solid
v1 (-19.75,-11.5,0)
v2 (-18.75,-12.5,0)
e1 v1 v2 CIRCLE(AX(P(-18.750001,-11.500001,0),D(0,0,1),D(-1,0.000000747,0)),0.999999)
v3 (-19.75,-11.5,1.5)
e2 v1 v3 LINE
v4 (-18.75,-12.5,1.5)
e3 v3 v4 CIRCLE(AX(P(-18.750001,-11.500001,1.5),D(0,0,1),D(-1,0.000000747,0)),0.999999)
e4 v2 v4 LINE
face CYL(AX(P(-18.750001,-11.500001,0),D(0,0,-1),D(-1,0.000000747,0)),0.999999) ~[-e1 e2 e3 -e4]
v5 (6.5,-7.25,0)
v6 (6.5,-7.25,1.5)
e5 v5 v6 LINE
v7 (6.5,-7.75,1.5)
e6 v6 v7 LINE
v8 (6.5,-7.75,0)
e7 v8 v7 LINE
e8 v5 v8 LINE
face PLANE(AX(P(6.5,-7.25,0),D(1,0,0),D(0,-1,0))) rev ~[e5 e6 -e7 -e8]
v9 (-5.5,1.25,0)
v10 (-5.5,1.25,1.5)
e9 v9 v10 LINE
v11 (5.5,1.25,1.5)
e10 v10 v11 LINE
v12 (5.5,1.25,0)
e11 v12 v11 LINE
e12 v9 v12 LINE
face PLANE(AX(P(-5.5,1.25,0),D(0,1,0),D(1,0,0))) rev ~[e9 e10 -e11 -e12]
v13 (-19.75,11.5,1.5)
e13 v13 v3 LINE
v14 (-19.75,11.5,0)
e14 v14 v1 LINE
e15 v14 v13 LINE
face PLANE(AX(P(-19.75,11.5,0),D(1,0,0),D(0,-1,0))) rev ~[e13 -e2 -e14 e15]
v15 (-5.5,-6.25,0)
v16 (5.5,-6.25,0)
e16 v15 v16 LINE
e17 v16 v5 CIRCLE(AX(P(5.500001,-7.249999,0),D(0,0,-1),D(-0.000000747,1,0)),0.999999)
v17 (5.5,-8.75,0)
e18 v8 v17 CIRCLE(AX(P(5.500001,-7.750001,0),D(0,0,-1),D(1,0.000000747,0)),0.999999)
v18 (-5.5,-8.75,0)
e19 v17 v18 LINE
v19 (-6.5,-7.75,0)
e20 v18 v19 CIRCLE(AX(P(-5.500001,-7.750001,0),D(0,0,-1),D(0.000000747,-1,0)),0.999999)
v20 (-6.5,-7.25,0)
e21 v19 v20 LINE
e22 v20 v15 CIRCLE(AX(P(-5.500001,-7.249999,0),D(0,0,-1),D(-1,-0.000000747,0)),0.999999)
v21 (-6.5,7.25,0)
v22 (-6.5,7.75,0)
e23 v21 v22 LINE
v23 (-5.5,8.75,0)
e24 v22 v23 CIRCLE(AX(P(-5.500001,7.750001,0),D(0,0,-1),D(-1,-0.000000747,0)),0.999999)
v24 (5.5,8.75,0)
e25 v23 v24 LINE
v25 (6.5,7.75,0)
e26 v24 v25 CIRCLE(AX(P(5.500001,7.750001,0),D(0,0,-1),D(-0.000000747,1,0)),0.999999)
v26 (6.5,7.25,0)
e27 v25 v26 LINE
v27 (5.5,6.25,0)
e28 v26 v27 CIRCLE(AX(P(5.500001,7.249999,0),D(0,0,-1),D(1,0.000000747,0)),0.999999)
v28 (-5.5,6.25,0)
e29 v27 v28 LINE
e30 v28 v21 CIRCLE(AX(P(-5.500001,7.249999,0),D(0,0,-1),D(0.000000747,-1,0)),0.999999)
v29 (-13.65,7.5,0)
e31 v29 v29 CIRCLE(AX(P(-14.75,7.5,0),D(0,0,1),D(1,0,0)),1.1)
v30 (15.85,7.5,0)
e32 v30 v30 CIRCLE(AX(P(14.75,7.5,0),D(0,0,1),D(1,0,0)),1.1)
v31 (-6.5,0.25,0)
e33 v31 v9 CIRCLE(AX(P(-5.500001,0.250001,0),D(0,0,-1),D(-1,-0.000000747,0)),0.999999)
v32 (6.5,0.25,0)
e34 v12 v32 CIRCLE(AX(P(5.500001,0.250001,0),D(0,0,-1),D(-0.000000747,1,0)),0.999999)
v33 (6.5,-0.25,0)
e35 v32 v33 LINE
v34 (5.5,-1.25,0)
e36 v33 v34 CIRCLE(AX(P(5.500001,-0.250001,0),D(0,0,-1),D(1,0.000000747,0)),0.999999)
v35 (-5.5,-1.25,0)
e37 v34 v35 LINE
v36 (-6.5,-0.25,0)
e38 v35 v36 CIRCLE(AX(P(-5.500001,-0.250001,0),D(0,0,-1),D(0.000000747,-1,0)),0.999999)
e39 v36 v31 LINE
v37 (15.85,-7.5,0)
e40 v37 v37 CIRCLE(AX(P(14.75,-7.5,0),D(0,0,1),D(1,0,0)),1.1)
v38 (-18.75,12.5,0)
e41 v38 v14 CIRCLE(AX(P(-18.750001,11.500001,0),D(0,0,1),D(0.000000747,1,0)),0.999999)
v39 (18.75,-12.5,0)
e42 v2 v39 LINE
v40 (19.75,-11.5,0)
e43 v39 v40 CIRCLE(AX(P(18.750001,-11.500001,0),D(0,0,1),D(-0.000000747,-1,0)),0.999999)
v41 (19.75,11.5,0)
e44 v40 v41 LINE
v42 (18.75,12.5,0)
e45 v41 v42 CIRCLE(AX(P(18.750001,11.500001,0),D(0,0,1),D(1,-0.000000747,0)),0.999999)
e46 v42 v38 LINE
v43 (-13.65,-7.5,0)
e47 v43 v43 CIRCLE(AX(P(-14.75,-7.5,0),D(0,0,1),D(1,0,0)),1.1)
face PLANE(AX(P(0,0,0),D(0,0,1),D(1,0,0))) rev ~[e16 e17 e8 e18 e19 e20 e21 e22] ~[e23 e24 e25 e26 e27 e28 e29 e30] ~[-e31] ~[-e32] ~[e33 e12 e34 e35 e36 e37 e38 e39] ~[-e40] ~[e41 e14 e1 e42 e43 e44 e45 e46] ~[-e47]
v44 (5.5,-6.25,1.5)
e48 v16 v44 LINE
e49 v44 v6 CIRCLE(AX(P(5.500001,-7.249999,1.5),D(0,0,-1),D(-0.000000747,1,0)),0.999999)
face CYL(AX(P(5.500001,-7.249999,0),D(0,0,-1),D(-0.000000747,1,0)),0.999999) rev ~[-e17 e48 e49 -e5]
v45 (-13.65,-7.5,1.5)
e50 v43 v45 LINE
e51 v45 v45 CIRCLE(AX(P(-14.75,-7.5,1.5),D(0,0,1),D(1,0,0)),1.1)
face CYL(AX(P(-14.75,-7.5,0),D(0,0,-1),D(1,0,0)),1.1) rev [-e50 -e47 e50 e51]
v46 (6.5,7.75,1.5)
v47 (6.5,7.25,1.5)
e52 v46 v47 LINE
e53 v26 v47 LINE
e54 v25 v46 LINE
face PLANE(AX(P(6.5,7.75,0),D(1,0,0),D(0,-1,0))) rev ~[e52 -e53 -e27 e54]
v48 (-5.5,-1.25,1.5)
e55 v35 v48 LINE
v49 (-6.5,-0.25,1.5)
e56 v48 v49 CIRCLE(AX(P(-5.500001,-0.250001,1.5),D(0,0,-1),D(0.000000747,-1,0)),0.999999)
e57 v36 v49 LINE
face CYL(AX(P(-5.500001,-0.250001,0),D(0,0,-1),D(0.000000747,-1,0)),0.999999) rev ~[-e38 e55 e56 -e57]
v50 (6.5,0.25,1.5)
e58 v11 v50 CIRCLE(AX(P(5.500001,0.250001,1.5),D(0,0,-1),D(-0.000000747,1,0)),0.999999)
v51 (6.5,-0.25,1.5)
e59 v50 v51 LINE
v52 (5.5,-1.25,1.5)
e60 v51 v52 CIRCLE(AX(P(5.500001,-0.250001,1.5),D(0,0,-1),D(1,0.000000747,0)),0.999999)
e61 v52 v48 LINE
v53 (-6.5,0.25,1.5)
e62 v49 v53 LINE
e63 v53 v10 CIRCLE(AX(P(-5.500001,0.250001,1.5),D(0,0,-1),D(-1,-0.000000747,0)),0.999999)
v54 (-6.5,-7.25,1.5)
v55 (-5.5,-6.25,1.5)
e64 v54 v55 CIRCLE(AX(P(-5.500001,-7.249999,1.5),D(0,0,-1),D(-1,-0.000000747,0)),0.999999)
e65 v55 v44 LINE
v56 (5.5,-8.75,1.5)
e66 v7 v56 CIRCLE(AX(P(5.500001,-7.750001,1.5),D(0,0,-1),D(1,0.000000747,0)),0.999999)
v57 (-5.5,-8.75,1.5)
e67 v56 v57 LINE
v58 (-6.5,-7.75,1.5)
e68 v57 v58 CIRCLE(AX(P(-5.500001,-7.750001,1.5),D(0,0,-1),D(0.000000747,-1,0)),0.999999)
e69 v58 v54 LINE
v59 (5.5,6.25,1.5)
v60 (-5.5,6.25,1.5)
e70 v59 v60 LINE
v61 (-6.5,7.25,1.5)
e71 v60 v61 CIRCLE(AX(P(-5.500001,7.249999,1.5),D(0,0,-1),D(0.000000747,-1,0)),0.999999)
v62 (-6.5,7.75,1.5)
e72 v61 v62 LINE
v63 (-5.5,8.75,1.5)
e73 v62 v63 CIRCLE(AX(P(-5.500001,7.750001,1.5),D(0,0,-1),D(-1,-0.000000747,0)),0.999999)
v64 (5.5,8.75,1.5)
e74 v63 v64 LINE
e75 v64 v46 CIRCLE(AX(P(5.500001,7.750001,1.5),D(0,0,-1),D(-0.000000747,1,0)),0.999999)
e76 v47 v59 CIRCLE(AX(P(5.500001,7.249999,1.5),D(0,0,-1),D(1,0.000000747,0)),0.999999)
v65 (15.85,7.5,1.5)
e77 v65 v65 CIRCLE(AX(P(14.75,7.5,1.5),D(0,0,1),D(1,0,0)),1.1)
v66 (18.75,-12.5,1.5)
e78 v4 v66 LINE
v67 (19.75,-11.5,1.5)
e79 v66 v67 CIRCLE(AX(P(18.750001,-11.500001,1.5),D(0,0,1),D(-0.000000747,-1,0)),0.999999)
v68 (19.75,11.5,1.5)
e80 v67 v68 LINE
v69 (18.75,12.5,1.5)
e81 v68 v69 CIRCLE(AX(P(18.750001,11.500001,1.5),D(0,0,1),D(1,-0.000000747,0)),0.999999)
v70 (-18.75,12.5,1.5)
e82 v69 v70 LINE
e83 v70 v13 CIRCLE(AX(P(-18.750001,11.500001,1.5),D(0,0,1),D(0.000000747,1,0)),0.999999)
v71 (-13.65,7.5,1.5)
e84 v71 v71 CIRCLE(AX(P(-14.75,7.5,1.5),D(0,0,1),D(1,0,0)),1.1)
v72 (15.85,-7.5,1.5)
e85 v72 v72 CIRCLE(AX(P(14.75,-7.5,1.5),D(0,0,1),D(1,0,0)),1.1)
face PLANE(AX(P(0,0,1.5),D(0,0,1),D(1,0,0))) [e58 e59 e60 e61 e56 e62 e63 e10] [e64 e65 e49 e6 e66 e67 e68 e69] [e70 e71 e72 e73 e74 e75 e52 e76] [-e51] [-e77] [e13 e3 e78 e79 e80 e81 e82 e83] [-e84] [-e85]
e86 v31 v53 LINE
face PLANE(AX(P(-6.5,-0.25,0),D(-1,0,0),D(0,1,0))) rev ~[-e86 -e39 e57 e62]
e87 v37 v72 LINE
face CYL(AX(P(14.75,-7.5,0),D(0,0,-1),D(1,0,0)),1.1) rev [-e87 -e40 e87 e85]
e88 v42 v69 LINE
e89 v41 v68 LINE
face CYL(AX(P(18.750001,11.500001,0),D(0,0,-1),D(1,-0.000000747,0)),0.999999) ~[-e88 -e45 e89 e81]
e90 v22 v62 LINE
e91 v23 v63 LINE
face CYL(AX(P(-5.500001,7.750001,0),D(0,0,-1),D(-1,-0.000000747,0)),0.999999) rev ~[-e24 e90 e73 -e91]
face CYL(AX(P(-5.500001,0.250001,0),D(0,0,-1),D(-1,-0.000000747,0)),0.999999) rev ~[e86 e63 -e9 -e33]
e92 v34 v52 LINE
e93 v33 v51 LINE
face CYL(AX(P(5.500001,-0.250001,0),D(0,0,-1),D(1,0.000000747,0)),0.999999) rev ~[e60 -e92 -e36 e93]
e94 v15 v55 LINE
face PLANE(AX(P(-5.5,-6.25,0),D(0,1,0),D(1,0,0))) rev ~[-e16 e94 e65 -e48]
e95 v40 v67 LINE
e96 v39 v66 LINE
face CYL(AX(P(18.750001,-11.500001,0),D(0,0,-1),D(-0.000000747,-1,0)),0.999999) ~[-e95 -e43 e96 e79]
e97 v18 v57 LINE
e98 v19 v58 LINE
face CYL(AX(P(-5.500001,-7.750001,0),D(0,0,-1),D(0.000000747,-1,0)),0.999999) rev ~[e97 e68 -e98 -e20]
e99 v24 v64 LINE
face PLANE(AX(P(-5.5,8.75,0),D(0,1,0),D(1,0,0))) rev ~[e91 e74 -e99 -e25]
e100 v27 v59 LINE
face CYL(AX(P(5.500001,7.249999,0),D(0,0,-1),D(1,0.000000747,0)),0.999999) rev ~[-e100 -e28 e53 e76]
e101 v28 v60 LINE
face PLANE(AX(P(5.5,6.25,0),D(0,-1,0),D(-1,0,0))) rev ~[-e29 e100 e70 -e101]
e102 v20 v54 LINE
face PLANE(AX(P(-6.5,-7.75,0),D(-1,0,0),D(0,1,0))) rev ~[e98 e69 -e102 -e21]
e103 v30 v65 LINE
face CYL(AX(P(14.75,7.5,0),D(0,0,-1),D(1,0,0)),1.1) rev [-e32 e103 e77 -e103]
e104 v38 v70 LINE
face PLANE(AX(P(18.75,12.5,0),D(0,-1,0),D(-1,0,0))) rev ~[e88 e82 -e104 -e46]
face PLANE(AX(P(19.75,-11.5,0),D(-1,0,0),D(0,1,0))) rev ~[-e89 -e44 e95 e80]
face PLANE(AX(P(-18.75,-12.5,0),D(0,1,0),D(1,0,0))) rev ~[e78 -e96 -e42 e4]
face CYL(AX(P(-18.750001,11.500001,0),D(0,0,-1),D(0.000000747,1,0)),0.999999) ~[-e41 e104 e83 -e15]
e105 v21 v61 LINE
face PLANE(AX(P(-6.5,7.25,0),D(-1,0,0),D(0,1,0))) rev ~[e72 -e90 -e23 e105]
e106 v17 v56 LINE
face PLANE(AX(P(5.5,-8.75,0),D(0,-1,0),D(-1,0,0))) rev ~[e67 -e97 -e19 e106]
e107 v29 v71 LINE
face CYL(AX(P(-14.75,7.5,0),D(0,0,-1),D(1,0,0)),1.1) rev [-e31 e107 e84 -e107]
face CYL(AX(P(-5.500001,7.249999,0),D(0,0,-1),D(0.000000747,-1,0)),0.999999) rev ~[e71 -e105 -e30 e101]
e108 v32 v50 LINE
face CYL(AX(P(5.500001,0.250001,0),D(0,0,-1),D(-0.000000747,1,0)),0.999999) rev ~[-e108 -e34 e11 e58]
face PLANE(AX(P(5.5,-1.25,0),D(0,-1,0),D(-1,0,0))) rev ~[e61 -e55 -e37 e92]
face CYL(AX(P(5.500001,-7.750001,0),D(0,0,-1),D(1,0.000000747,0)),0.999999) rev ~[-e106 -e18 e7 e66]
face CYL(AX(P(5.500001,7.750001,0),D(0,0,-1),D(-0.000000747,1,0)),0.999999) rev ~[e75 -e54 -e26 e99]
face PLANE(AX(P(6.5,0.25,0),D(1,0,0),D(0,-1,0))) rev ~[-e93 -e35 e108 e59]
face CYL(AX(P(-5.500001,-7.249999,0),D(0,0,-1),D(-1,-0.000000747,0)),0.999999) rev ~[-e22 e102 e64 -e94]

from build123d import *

# Parameters (mm, degrees)
F0_R     = 1.1
F1_DEPTH = 1.5


with BuildPart() as f1:
    # F0 (on Top) → F1 (new body)
    with BuildSketch(Plane.XY):
        with BuildLine():
            ThreePointArc((19.75, 11.5), (19.457107, 12.207107), (18.75, 12.5))
            Line((18.75, 12.5), (-18.75, 12.5))
            ThreePointArc((-18.75, 12.5), (-19.457107, 12.207107), (-19.75, 11.5))
            Line((-19.75, 11.5), (-19.75, -11.5))
            ThreePointArc((-19.75, -11.5), (-19.457107, -12.207107), (-18.75, -12.5))
            Line((-18.75, -12.5), (18.75, -12.5))
            ThreePointArc((18.75, -12.5), (19.457107, -12.207107), (19.75, -11.5))
            Line((19.75, -11.5), (19.75, 11.5))
        make_face()
        with Locations((-14.75, -7.5)):
            Circle(F0_R, mode=Mode.SUBTRACT)
        with BuildLine():
            ThreePointArc((-5.5, -8.75), (-6.207107, -8.457107), (-6.5, -7.75))
            Line((-6.5, -7.75), (-6.5, -7.25))
            ThreePointArc((-6.5, -7.25), (-6.207107, -6.542893), (-5.5, -6.25))
            Line((-5.5, -6.25), (5.5, -6.25))
            ThreePointArc((5.5, -6.25), (6.207107, -6.542893), (6.5, -7.25))
            Line((6.5, -7.25), (6.5, -7.75))
            ThreePointArc((6.5, -7.75), (6.207107, -8.457107), (5.5, -8.75))
            Line((5.5, -8.75), (-5.5, -8.75))
        make_face(mode=Mode.SUBTRACT)
        with Locations((14.75, -7.5)):
            Circle(F0_R, mode=Mode.SUBTRACT)
        with Locations((-14.75, 7.5)):
            Circle(F0_R, mode=Mode.SUBTRACT)
        with BuildLine():
            ThreePointArc((-6.5, 0.25), (-6.207107, 0.957107), (-5.5, 1.25))
            Line((-5.5, 1.25), (5.5, 1.25))
            ThreePointArc((5.5, 1.25), (6.207107, 0.957107), (6.5, 0.25))
            Line((6.5, 0.25), (6.5, -0.25))
            ThreePointArc((6.5, -0.25), (6.207107, -0.957107), (5.5, -1.25))
            Line((5.5, -1.25), (-5.5, -1.25))
            ThreePointArc((-5.5, -1.25), (-6.207107, -0.957107), (-6.5, -0.25))
            Line((-6.5, -0.25), (-6.5, 0.25))
        make_face(mode=Mode.SUBTRACT)
        with BuildLine():
            ThreePointArc((-6.5, 7.75), (-6.207107, 8.457107), (-5.5, 8.75))
            Line((-5.5, 8.75), (5.5, 8.75))
            ThreePointArc((5.5, 8.75), (6.207107, 8.457107), (6.5, 7.75))
            Line((6.5, 7.75), (6.5, 7.25))
            ThreePointArc((6.5, 7.25), (6.207107, 6.542893), (5.5, 6.25))
            Line((5.5, 6.25), (-5.5, 6.25))
            ThreePointArc((-5.5, 6.25), (-6.207107, 6.542893), (-6.5, 7.25))
            Line((-6.5, 7.25), (-6.5, 7.75))
        make_face(mode=Mode.SUBTRACT)
        with Locations((14.75, 7.5)):
            Circle(F0_R, mode=Mode.SUBTRACT)
    extrude(amount=F1_DEPTH)


solid = f1.part
